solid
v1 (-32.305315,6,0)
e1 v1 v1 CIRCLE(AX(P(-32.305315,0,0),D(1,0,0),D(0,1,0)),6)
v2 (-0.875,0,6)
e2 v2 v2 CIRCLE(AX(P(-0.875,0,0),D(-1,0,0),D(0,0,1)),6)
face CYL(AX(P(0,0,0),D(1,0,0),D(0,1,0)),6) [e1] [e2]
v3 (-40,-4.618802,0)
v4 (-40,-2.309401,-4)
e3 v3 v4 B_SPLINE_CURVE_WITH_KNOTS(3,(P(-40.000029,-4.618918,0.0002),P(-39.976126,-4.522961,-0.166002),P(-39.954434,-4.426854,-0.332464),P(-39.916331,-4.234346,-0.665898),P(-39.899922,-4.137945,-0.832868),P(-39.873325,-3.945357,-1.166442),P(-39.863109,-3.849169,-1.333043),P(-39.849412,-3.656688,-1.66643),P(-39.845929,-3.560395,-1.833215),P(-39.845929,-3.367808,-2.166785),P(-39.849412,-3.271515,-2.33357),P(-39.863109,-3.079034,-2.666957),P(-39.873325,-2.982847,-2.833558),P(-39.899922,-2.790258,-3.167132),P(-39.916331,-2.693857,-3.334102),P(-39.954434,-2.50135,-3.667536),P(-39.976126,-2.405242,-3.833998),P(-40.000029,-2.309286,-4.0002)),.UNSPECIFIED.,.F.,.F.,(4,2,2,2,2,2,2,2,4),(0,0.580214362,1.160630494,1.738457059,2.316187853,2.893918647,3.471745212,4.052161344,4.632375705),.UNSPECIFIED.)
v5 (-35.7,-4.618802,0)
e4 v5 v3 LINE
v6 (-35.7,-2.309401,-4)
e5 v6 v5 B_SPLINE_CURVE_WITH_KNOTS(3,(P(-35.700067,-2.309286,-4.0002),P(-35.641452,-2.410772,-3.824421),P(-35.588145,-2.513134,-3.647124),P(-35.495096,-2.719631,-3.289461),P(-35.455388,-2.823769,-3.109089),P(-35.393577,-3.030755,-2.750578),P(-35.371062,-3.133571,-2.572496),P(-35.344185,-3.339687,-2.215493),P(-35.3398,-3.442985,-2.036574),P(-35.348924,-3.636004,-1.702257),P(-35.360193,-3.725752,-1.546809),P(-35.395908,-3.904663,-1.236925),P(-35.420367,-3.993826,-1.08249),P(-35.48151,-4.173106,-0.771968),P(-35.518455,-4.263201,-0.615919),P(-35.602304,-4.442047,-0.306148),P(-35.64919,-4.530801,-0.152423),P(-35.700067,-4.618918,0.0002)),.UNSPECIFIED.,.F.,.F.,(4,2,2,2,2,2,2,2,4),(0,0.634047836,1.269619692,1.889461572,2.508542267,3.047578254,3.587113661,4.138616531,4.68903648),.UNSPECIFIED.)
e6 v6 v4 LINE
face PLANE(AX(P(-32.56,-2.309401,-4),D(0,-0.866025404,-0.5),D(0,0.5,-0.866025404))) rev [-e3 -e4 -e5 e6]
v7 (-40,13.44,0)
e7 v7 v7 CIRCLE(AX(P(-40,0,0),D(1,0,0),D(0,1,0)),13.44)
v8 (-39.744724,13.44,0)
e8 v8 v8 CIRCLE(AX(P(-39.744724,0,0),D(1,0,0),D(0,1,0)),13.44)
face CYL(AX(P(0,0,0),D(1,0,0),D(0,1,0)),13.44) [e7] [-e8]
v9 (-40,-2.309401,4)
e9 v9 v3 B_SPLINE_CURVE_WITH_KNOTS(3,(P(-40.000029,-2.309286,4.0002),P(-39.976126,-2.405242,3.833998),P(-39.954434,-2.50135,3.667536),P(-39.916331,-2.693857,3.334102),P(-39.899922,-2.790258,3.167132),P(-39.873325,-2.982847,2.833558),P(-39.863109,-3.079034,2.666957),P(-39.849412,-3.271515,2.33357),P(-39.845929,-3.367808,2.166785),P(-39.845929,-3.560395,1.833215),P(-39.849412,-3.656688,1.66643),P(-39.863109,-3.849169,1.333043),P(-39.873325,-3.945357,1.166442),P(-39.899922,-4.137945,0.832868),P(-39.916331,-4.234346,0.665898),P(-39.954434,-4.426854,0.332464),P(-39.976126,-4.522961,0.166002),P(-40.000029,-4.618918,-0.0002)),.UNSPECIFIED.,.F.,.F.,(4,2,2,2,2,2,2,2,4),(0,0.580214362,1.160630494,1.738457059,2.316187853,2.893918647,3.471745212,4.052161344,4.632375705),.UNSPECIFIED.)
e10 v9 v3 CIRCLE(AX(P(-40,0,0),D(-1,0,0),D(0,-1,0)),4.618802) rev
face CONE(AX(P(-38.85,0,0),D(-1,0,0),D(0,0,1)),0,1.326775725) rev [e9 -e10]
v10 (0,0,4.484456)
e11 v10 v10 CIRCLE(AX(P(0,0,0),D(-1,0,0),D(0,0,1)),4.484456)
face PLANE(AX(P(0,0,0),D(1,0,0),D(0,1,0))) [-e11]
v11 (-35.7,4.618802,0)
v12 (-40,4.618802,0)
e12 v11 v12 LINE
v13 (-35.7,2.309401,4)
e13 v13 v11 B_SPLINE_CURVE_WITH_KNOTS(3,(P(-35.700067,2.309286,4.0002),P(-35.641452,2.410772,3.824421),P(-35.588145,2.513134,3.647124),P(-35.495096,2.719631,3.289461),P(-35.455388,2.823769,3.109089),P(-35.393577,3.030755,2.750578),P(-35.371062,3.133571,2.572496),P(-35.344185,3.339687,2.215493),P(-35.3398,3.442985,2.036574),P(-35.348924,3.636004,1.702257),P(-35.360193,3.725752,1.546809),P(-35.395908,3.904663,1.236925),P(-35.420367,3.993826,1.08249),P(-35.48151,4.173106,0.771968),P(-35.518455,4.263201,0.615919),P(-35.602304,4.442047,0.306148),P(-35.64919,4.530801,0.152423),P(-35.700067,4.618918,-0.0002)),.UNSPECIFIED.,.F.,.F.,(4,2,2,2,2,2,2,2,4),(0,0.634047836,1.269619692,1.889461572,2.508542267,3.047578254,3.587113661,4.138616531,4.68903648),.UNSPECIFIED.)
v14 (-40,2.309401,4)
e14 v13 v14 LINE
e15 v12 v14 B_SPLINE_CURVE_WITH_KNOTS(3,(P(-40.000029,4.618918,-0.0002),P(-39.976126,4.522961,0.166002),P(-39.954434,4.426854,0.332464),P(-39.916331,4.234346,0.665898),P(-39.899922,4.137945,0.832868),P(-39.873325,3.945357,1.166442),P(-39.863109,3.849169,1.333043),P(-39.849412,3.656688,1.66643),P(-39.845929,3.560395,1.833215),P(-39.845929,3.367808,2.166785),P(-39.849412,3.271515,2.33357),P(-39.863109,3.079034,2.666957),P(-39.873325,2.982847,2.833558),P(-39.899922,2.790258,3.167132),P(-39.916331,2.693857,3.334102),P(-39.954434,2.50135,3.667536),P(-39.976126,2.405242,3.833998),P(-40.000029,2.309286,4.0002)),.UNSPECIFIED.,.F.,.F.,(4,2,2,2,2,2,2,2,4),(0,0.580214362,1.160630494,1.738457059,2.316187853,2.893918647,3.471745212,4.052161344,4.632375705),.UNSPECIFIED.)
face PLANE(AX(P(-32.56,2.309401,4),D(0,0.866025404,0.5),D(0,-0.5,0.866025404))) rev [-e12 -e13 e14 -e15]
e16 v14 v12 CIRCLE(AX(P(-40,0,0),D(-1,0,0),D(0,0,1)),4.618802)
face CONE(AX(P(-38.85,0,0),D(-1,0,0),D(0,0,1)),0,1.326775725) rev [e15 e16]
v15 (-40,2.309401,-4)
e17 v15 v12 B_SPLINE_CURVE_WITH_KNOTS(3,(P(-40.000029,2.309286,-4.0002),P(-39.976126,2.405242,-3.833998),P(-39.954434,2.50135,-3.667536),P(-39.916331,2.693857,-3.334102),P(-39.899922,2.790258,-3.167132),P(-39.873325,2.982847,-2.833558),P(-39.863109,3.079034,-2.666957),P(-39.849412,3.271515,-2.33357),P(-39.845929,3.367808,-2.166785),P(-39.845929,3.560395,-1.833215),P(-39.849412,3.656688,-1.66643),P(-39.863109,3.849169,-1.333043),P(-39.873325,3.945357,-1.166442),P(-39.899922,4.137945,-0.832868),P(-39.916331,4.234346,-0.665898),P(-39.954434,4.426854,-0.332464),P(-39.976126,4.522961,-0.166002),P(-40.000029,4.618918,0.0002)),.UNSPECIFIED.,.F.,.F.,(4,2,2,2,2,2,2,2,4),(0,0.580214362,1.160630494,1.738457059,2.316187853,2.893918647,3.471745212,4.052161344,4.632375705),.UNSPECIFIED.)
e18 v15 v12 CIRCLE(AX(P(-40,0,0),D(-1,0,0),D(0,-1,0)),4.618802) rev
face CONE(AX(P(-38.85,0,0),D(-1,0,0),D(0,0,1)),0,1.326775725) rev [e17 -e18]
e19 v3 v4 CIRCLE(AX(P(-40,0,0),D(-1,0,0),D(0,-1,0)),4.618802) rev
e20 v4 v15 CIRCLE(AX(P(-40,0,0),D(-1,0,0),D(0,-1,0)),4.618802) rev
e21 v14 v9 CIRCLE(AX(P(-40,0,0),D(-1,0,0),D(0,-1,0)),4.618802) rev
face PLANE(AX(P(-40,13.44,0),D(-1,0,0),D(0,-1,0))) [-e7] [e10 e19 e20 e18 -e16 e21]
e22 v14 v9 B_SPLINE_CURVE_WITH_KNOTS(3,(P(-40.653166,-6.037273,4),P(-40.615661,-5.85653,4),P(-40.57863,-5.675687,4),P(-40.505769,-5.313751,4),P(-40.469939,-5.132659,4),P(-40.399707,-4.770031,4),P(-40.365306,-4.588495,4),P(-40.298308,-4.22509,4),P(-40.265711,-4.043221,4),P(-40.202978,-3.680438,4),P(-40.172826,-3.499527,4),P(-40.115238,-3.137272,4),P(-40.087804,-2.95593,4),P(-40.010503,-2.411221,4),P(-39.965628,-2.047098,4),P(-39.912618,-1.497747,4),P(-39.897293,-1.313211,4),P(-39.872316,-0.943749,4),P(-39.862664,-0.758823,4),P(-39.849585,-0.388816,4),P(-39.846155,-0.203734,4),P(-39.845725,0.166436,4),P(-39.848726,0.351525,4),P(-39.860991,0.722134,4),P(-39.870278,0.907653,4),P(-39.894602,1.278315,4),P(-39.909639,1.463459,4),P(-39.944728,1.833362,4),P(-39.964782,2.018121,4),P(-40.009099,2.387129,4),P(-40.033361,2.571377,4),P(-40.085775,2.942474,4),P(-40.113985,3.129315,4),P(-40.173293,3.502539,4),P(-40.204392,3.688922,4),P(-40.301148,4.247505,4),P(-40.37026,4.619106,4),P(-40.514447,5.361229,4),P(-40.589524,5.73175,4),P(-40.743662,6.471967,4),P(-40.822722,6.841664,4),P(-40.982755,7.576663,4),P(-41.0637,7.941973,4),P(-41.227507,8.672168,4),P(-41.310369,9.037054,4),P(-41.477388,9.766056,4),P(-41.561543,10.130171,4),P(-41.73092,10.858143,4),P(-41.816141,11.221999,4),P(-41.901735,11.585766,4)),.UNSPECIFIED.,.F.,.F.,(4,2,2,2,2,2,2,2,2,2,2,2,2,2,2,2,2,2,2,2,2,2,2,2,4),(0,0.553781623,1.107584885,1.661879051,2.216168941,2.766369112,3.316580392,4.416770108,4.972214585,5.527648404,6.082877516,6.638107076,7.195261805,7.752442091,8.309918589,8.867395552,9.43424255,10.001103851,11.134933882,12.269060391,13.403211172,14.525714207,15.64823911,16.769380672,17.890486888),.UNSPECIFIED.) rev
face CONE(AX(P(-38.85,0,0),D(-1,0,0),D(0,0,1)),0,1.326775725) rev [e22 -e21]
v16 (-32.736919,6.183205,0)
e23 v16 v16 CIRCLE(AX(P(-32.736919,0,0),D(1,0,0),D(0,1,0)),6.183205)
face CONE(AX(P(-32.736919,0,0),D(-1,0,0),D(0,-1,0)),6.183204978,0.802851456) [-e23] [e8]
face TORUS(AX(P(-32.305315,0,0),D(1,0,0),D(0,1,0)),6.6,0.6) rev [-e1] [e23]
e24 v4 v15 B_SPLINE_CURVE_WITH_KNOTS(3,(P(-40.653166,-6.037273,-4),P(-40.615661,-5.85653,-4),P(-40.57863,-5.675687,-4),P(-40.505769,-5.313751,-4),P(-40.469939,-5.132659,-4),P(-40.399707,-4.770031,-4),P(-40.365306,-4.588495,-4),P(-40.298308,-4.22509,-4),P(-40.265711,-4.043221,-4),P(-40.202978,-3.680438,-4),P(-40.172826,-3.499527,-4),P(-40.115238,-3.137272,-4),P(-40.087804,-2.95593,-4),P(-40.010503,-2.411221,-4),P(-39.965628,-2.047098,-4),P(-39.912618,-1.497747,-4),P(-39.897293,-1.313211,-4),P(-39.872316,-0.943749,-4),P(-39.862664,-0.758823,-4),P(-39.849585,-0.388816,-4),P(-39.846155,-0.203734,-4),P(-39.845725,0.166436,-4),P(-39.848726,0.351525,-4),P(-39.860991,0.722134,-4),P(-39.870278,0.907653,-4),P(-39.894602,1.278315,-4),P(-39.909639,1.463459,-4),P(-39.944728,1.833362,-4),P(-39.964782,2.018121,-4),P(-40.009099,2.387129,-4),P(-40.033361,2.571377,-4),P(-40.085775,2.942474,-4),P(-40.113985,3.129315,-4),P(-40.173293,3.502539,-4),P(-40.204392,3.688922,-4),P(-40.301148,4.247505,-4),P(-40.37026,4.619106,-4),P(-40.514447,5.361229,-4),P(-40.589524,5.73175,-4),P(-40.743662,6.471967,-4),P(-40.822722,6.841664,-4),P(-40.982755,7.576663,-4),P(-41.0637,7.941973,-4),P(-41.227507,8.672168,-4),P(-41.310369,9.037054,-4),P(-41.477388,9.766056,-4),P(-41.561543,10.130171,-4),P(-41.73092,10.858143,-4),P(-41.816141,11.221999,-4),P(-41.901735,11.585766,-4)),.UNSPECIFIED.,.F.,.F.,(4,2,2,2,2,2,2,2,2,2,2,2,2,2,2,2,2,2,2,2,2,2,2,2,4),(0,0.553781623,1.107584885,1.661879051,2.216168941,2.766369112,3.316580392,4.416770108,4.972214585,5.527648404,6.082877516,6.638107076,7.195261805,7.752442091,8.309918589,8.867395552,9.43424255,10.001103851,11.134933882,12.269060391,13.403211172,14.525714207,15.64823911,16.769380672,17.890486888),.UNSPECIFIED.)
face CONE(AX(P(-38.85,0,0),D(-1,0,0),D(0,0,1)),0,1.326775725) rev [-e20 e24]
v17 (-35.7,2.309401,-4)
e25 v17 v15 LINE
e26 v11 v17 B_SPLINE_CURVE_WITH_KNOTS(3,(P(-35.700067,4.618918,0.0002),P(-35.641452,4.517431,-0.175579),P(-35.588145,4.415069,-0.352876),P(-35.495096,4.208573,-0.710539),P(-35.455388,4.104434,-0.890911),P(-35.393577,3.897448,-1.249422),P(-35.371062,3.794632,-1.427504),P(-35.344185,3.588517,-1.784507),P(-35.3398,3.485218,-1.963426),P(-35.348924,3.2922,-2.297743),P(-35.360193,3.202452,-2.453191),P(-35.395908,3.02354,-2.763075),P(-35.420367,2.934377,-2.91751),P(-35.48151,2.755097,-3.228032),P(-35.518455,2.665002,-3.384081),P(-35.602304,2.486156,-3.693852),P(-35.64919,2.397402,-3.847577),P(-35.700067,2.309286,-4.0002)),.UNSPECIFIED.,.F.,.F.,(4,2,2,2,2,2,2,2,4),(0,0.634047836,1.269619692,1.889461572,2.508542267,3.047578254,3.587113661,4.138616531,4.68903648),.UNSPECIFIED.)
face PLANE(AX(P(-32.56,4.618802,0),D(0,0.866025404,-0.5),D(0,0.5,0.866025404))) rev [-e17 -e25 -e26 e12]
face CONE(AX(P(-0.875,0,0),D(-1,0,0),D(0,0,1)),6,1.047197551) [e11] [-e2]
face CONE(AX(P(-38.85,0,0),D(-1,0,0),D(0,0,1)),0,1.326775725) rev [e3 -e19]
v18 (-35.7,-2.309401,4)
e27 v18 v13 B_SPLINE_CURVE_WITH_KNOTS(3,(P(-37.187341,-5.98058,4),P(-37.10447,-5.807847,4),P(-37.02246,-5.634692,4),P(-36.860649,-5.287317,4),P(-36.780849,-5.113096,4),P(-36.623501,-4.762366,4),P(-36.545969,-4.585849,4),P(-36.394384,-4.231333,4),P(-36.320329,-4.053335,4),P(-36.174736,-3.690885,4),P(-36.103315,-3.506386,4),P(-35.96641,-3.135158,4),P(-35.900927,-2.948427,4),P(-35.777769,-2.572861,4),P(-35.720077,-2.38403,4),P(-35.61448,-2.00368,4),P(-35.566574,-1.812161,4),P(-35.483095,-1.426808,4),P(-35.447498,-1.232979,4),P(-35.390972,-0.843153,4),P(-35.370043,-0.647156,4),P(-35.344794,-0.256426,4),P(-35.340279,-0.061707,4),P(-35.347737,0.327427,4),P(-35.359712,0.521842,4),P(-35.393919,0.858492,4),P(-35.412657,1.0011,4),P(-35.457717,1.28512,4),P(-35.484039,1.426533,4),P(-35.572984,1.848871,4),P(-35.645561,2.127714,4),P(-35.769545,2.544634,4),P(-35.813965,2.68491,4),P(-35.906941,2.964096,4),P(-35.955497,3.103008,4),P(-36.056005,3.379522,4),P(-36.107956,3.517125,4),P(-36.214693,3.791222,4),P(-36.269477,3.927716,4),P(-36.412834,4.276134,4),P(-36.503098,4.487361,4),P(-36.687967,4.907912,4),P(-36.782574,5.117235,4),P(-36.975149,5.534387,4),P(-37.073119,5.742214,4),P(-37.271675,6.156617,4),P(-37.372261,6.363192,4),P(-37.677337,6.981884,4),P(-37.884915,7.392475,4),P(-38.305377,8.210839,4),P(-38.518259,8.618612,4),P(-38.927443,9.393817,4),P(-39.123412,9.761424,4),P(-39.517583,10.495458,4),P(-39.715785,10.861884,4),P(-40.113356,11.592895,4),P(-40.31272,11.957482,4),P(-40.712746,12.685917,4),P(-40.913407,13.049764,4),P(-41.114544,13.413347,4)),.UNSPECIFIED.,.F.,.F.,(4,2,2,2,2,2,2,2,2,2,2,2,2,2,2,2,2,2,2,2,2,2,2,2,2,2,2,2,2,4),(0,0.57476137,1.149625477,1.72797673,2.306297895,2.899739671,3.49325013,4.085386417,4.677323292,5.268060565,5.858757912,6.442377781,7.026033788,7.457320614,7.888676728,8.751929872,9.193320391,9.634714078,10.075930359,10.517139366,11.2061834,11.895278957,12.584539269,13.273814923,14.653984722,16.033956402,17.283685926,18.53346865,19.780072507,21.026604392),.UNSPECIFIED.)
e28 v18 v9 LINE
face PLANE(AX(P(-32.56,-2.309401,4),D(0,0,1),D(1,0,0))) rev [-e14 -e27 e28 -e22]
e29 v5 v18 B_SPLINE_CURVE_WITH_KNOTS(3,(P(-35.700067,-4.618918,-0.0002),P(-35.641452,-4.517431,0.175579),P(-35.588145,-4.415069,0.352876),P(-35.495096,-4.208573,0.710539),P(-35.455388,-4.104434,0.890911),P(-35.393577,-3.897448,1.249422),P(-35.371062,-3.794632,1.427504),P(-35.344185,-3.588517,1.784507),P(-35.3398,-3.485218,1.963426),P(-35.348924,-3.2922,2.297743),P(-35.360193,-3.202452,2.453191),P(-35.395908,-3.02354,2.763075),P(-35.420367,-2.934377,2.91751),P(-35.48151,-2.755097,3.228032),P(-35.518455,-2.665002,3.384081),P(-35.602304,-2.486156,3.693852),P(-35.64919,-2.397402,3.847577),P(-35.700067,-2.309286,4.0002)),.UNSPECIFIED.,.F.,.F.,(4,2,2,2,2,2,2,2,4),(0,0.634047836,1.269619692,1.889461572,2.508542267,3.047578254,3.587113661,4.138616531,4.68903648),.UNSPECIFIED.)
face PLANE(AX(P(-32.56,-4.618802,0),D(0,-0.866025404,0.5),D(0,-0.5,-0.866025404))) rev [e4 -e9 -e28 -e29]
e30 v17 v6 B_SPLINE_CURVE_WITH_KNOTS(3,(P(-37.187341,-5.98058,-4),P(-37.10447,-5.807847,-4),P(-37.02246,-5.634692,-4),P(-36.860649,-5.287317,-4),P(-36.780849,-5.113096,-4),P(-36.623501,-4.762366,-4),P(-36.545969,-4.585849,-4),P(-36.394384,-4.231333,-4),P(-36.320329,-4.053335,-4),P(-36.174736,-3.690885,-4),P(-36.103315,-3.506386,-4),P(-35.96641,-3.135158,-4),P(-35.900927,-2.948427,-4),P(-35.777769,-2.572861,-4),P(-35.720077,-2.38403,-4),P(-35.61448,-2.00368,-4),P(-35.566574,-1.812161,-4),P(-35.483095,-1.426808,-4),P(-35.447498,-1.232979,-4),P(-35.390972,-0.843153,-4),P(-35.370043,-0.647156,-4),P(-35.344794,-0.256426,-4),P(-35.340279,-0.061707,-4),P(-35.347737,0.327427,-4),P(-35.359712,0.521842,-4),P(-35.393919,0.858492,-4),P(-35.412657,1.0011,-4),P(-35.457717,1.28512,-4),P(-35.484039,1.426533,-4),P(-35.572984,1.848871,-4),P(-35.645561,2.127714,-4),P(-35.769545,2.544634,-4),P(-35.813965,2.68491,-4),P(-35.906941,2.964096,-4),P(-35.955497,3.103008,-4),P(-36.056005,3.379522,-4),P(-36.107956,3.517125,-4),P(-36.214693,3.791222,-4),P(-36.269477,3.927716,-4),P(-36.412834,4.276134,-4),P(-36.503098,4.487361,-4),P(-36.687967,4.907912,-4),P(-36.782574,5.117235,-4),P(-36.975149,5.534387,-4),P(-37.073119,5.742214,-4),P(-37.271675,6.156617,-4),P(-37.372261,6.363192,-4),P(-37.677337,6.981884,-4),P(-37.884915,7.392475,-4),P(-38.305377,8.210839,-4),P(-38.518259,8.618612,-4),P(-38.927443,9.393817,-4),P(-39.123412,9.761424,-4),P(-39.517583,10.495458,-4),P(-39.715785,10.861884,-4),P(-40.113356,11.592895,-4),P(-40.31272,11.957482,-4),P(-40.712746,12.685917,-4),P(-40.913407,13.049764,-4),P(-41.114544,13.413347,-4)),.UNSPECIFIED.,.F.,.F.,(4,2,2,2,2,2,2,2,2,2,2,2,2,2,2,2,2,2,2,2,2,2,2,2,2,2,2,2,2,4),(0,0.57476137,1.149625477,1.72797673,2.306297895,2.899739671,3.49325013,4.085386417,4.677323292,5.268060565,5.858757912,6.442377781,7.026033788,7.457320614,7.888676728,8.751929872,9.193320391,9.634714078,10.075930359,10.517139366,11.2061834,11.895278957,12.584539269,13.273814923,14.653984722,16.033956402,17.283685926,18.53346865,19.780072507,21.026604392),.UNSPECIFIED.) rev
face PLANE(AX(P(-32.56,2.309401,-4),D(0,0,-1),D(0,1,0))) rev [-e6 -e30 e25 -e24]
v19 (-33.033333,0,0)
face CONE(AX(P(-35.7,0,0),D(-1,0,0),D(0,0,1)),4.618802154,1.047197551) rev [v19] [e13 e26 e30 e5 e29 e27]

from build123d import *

# Parameters (mm, degrees)
CUT_EXTRUDE_1_DEPTH = 7.44


with BuildPart() as part:
    # 草图1 → 旋转1 (revolve)
    with BuildSketch(Plane.XY):
        with BuildLine():
            Line((0, 6), (-32.30531511, 6))
            ThreePointArc((-32.30531511, 6), (-32.539753787, 6.047697088), (-32.73691899, 6.183204978))
            Line((-32.73691899, 6.183204978), (-39.744724485, 13.44))
            Line((-39.744724485, 13.44), (-40, 13.44))
            Line((-40, 13.44), (-40, 0))
            Line((-40, 0), (0, 0))
            Line((0, 0), (0, 6))
        make_face()
    revolve(axis=Axis((0, 0, 0), (-1, 0, 0)))

    # 草图2 → 切除-拉伸1 (cut)
    with BuildSketch(Plane.ZY.offset(40)):
        Polygon((0, 4.618802154), (-4, 2.309401077), (-4, -2.309401077), (0, -4.618802154), (4, -2.309401077), (4, 2.309401077), align=None)
    extrude(amount=-CUT_EXTRUDE_1_DEPTH, mode=Mode.SUBTRACT)

    # 草图6 → 旋转2 (revolve)
    with BuildSketch(Plane.XY):
        Polygon((-35.7, 4.618802154), (-33.033333333, 0), (-31.41, 0), (-31.41, 4.618802154), align=None)
    revolve(axis=Axis((-40, 0, 0), (1, 0, 0)))

    # 草图7 → 切除-旋转2 (revolve, cut)
    with BuildSketch(Plane.XY):
        Polygon((-40, 4.618802154), (-40, 0), (-38.85, 0), align=None)
    revolve(axis=Axis((-40, 0, 0), (1, 0, 0)), mode=Mode.SUBTRACT)

    # 草图4 → 切除-旋转1 (revolve, cut)
    with BuildSketch(Plane.XY):
        Polygon((-0.875, 6), (0, 4.484455543), (0.875, 6), align=None)
    revolve(axis=Axis((-0.875, 0, 0), (1, 0, 0)), mode=Mode.SUBTRACT)


solid = part.part
